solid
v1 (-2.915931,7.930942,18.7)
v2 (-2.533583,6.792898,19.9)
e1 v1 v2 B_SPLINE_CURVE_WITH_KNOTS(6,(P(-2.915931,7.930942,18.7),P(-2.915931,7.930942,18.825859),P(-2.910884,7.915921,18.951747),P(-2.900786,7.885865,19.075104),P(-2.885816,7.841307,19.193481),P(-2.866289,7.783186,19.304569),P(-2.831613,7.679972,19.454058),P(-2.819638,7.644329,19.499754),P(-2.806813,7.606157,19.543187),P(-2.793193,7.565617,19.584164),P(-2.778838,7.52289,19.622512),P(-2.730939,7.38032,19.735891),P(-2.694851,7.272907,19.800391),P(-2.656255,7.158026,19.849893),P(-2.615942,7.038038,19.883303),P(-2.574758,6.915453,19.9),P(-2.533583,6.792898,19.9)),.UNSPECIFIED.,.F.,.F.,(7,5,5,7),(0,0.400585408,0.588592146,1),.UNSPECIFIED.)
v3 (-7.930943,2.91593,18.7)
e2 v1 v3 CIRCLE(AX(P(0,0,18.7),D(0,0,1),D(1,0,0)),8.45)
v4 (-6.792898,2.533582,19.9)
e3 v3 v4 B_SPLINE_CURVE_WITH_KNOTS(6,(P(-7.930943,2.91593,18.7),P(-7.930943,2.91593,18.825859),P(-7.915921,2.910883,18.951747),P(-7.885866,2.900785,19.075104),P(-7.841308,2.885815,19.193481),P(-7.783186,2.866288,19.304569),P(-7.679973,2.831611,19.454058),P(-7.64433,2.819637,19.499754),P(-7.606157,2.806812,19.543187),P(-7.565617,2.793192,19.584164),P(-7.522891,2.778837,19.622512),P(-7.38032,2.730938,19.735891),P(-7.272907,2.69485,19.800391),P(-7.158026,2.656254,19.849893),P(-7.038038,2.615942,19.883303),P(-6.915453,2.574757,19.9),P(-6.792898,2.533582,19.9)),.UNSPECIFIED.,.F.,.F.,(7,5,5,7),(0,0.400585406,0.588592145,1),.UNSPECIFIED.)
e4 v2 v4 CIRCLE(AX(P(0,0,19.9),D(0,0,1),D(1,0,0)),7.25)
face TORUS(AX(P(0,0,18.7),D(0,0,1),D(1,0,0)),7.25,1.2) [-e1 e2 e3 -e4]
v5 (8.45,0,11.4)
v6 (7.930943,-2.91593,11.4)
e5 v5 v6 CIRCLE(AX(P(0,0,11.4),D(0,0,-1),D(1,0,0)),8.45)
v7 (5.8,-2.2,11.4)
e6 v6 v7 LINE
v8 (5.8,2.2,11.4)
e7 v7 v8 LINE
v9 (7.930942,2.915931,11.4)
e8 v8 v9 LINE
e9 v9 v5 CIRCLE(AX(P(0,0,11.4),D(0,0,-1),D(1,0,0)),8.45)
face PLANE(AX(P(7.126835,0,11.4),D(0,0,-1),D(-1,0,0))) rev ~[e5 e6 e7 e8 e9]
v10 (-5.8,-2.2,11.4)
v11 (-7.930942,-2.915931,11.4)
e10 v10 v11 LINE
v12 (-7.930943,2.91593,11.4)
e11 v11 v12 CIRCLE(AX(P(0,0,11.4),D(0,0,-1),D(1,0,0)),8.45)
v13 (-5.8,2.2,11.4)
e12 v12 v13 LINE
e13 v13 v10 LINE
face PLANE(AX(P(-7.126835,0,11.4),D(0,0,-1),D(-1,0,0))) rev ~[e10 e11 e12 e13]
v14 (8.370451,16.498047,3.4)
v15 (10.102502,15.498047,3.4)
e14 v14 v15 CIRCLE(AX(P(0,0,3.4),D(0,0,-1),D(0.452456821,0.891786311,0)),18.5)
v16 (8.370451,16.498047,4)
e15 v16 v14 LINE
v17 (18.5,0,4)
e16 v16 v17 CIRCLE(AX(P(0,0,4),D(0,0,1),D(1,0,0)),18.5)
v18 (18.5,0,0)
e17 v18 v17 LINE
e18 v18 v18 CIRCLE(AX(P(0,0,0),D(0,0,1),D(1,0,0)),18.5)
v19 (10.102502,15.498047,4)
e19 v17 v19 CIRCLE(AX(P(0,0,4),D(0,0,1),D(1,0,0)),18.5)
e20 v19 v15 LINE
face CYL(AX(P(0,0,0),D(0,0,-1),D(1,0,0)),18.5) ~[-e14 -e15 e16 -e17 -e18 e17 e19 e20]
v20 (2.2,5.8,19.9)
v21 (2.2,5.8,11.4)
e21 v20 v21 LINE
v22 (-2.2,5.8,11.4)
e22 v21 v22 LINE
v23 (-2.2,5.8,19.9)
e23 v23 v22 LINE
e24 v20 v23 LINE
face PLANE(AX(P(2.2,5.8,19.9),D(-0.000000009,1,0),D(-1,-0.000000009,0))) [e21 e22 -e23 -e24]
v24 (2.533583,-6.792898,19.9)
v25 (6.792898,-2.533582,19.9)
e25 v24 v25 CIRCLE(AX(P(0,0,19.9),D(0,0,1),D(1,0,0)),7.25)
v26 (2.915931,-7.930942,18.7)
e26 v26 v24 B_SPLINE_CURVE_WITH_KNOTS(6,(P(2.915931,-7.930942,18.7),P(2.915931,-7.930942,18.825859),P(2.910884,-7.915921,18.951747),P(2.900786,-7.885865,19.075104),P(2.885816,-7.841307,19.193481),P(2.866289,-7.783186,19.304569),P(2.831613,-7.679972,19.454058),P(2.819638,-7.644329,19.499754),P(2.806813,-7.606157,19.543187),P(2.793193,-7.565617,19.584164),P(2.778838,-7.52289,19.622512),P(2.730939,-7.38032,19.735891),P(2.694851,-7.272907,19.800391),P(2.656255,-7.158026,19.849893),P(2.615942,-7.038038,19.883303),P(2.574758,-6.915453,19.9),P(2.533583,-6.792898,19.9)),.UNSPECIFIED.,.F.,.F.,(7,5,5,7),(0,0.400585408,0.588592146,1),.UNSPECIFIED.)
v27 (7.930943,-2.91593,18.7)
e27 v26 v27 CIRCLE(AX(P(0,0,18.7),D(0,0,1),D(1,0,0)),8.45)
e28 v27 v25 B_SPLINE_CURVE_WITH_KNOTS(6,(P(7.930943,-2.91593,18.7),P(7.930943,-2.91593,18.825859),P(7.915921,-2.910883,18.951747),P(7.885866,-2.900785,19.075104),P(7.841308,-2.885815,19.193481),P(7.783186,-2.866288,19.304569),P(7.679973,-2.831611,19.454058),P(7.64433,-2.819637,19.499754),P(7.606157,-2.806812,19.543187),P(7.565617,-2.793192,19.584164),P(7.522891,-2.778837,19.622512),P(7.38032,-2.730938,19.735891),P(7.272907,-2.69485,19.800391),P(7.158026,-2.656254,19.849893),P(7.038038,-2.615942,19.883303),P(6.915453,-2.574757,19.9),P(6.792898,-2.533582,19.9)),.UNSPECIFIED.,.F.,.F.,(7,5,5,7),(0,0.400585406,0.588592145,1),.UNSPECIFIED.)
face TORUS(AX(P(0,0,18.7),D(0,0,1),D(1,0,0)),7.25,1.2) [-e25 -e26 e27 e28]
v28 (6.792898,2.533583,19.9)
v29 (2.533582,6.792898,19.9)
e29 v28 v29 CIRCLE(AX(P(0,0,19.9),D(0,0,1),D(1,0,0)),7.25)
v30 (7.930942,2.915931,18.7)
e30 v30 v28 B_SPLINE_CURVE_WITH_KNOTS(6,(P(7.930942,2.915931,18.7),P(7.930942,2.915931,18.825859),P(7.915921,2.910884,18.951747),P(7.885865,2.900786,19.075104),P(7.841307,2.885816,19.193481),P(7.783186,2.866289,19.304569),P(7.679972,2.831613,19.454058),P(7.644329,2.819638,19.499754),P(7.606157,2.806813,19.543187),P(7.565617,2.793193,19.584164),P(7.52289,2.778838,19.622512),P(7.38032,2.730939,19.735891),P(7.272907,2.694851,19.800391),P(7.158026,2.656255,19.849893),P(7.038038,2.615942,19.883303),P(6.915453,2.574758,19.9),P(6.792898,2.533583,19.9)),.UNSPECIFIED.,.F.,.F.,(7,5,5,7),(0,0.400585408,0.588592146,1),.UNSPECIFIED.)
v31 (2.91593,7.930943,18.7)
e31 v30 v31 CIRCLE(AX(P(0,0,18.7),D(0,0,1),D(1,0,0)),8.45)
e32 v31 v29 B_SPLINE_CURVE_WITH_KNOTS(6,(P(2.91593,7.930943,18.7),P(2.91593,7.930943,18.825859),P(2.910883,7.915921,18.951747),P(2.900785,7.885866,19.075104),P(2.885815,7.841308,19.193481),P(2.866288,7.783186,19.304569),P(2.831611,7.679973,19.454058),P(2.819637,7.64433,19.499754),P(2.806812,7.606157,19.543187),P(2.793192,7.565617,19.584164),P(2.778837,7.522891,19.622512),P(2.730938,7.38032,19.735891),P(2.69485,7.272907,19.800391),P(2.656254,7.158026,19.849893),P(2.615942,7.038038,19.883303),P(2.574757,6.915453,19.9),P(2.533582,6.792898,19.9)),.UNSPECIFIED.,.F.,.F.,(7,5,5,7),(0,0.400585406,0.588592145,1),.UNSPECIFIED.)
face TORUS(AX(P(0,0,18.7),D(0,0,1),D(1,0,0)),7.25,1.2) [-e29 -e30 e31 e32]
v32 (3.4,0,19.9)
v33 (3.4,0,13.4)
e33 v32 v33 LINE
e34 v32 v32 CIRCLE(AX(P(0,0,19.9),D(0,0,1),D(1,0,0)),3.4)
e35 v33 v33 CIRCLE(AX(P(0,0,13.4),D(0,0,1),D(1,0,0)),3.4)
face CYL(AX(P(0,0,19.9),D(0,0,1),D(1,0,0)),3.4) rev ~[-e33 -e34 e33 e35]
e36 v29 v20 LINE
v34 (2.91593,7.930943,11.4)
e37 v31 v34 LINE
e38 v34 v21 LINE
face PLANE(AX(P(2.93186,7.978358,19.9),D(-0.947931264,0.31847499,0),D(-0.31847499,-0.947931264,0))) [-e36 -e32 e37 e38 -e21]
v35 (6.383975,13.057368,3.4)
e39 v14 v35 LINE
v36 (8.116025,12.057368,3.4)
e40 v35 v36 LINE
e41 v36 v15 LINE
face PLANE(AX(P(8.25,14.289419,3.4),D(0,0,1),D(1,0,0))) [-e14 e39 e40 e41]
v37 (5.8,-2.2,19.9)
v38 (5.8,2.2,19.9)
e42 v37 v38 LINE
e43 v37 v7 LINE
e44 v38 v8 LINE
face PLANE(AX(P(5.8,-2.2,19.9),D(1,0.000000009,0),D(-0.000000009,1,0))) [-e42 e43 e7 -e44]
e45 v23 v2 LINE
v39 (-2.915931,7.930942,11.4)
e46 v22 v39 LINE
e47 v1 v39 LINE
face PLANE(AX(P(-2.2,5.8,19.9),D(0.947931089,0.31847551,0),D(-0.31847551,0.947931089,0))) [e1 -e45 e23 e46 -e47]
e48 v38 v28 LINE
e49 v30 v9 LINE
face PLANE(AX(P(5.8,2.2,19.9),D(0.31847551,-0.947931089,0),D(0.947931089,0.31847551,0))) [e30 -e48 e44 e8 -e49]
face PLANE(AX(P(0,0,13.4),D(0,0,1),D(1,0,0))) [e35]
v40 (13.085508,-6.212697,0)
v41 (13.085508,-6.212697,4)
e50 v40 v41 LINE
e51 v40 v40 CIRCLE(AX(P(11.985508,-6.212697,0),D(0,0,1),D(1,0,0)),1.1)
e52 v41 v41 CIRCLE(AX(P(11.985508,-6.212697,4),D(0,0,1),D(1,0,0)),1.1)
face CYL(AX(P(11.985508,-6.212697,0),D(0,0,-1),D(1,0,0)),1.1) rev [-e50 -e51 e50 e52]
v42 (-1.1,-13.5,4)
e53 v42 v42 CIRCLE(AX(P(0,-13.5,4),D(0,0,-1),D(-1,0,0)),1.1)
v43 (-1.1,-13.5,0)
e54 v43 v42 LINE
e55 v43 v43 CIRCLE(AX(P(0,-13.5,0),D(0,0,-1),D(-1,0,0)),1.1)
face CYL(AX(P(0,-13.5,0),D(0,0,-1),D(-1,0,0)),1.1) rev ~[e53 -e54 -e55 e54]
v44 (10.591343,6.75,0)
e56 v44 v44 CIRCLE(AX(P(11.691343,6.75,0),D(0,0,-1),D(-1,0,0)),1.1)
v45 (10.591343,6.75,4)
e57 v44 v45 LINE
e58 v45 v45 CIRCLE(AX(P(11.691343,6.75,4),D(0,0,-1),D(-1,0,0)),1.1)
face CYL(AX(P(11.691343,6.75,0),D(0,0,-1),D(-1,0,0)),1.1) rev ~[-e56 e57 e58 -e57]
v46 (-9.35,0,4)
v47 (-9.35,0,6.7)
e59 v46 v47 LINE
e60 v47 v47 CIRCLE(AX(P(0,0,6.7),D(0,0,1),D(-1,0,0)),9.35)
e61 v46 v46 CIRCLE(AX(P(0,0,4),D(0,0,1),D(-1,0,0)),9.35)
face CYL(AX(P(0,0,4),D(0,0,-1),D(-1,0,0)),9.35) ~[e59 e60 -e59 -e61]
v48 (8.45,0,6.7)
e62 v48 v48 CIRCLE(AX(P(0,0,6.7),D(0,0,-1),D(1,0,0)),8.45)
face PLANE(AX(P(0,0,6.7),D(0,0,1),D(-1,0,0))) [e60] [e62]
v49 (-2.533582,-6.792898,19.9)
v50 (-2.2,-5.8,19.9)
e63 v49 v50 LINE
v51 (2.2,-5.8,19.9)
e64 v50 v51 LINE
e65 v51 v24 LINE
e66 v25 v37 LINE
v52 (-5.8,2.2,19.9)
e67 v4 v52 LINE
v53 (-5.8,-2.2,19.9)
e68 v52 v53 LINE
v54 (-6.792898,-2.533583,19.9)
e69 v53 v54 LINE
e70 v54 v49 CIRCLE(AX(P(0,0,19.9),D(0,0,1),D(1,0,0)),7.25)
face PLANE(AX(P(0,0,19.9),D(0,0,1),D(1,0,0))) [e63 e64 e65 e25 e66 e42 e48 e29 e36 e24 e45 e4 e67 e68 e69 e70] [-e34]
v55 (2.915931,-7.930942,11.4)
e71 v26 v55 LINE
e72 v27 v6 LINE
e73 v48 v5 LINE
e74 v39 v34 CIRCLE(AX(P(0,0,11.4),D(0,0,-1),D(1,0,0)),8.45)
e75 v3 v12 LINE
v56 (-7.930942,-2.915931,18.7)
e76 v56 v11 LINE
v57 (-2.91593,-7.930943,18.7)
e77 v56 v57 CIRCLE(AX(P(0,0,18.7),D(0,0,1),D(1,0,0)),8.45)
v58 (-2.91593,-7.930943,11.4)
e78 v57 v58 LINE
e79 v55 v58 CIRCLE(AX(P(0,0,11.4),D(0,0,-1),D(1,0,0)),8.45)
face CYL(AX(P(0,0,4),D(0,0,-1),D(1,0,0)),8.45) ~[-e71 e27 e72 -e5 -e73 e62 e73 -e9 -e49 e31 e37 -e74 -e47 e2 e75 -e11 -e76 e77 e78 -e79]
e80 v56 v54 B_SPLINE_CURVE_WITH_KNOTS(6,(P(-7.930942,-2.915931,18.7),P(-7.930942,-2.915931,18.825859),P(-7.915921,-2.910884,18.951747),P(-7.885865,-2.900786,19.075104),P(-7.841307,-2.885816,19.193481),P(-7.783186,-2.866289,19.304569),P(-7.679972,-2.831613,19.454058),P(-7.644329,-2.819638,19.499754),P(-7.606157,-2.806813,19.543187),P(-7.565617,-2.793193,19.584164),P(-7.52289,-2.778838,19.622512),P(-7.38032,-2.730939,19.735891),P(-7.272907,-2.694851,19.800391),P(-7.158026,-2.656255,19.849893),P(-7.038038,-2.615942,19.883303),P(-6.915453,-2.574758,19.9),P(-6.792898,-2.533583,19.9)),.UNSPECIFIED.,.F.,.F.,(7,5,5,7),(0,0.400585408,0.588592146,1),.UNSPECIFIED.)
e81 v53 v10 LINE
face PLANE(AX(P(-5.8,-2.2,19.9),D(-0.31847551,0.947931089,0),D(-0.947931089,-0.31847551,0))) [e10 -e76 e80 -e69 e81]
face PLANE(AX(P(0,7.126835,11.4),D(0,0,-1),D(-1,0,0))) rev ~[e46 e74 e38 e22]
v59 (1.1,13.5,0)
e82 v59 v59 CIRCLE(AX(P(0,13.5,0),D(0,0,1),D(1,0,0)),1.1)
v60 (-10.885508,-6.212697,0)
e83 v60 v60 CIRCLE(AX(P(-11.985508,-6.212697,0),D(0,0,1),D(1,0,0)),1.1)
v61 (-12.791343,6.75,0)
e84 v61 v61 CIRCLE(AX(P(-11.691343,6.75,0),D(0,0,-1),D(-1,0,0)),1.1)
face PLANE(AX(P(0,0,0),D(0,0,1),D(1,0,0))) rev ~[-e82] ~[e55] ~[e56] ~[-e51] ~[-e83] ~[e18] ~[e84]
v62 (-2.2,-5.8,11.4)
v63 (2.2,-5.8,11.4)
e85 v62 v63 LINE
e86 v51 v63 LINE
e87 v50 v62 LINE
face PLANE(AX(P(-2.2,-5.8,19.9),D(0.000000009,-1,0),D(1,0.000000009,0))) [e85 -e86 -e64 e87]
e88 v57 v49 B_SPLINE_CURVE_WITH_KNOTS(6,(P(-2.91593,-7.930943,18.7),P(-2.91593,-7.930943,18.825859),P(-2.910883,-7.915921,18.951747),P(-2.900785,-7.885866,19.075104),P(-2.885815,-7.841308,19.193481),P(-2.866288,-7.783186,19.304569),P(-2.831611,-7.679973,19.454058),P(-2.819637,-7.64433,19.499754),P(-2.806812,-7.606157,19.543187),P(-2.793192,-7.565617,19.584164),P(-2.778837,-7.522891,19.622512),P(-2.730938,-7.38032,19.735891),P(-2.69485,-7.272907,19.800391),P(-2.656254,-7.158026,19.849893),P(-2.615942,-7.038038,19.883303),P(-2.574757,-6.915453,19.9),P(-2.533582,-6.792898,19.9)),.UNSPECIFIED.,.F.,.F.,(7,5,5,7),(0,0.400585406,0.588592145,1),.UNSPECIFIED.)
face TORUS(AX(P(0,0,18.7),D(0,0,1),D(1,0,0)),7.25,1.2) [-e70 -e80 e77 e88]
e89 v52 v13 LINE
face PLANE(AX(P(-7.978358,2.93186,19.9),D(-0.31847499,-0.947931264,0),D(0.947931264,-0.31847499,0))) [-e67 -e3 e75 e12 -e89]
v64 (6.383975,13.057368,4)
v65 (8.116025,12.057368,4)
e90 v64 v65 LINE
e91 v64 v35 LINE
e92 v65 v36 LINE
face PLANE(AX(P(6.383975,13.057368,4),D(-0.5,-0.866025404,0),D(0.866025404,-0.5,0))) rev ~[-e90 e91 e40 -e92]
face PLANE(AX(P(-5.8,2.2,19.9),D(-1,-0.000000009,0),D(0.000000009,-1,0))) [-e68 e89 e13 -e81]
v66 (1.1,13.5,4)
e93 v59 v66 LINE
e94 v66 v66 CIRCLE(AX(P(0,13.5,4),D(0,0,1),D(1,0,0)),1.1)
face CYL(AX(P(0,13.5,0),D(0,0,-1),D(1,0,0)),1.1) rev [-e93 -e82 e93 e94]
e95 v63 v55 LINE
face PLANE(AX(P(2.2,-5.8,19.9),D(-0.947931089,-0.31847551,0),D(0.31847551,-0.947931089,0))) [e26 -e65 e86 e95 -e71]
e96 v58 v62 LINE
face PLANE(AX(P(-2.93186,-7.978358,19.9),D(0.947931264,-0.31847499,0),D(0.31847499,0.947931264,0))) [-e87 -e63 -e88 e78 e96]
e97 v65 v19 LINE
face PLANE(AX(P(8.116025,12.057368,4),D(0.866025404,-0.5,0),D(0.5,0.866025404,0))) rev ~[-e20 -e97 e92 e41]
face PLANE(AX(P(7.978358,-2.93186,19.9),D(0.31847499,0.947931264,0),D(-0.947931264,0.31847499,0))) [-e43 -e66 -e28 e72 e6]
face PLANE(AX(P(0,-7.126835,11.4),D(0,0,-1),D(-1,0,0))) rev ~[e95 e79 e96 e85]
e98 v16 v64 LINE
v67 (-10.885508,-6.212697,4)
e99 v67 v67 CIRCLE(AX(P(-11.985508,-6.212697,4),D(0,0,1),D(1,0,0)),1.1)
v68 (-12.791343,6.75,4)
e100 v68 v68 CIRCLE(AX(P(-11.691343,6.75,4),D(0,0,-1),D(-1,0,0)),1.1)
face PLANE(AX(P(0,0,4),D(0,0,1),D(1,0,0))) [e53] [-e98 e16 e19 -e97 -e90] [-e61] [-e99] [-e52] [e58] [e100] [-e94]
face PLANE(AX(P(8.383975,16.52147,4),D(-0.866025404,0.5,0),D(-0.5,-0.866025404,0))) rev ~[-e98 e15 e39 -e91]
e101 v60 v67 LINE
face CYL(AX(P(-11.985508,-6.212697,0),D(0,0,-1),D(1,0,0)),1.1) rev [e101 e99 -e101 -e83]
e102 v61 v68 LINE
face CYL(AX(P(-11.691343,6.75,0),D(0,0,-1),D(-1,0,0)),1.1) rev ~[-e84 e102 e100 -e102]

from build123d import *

# Parameters (mm, degrees)
SKETCH_1_R          = 18.5
SKETCH_1_R_2        = 1.1
EXTRUDE_1_DEPTH     = 4
SKETCH_3_R          = 8.45
EXTRUDE_3_DEPTH     = 15.9
FILLET_1_R          = 1.2
CUT_EXTRUDE_1_DEPTH = 8.5
SKETCH_5_R          = 9.35
EXTRUDE_4_DEPTH     = 2.7
SKETCH_6_R          = 1.1
CUT_EXTRUDE_2_DEPTH = 33.871111998
SKETCH_7_R          = 3.4
CUT_EXTRUDE_3_DEPTH = 6.5
CUT_EXTRUDE_START   = 4
CUT_EXTRUDE_5_DEPTH = 0.6


with BuildPart() as part:
    # Эскиз1 → Бобышка-Вытянуть1 (new body)
    with BuildSketch(Plane.XY):
        Circle(SKETCH_1_R)
        with Locations((0, 13.5)):
            Circle(SKETCH_1_R_2, mode=Mode.SUBTRACT)
        with Locations((-11.985507699, -6.212697095)):
            Circle(SKETCH_1_R_2, mode=Mode.SUBTRACT)
        with Locations((11.985507699, -6.212697095)):
            Circle(SKETCH_1_R_2, mode=Mode.SUBTRACT)
    extrude(amount=EXTRUDE_1_DEPTH)

    # Эскиз3 → Бобышка-Вытянуть3 (add)
    with BuildSketch(Plane.XY.offset(4)):
        Circle(SKETCH_3_R)
    extrude(amount=EXTRUDE_3_DEPTH)

    # Скругление1
    fillet_1_edges = [part.edges().sort_by_distance(p)[0] for p in [
        (-8.45, 0, 19.9),
    ]]
    fillet(fillet_1_edges, radius=FILLET_1_R)

    # Эскиз4 → Вырез-Вытянуть1 (cut)
    with BuildSketch(Plane.XY.offset(19.9)):
        with BuildLine():
            Line((-2.2, 5.799999981), (-2.931860794, 7.978357743))
            ThreePointArc((-2.931860794, 7.978357743), (-6.37e-07, 8.5), (2.931859599, 7.978358183))
            Line((2.931859599, 7.978358183), (2.2, 5.800000019))
            Line((2.2, 5.800000019), (-2.2, 5.799999981))
        make_face()
        with BuildLine():
            Line((5.799999981, 2.2), (7.978357743, 2.931860794))
            ThreePointArc((7.978357743, 2.931860794), (8.5, 6.37e-07), (7.978358183, -2.931859599))
            Line((7.978358183, -2.931859599), (5.800000019, -2.2))
            Line((5.800000019, -2.2), (5.799999981, 2.2))
        make_face()
        with BuildLine():
            Line((2.2, -5.799999981), (2.931860794, -7.978357743))
            ThreePointArc((2.931860794, -7.978357743), (6.37e-07, -8.5), (-2.931859599, -7.978358183))
            Line((-2.931859599, -7.978358183), (-2.2, -5.800000019))
            Line((-2.2, -5.800000019), (2.2, -5.799999981))
        make_face()
        with BuildLine():
            Line((-5.799999981, -2.2), (-7.978357743, -2.931860794))
            ThreePointArc((-7.978357743, -2.931860794), (-8.5, -6.37e-07), (-7.978358183, 2.931859599))
            Line((-7.978358183, 2.931859599), (-5.800000019, 2.2))
            Line((-5.800000019, 2.2), (-5.799999981, -2.2))
        make_face()
    extrude(amount=-CUT_EXTRUDE_1_DEPTH, mode=Mode.SUBTRACT)

    # Эскиз5 → Бобышка-Вытянуть4 (add)
    with BuildSketch(Plane.XY.offset(4)):
        with Locations(Location((0, 0, 0), (0, 0, 180))):
            Circle(SKETCH_5_R)
    extrude(amount=EXTRUDE_4_DEPTH)

    # Эскиз6 → Вырез-Вытянуть2 (cut, through all)
    with BuildSketch(Plane(origin=(0, 0, 0), x_dir=(-1, 0, 0), z_dir=(0, 0, -1))):
        with Locations((-11.691342951, 6.75)):
            Circle(SKETCH_6_R)
        with Locations((11.691342951, 6.75)):
            Circle(SKETCH_6_R)
        with Locations((0, -13.5)):
            Circle(SKETCH_6_R)
    extrude(amount=-CUT_EXTRUDE_2_DEPTH, mode=Mode.SUBTRACT)

    # Эскиз7 → Вырез-Вытянуть3 (cut)
    with BuildSketch(Plane.XY.offset(19.9)):
        Circle(SKETCH_7_R)
    extrude(amount=-CUT_EXTRUDE_3_DEPTH, mode=Mode.SUBTRACT)

    # Эскиз8 → Вырез-Вытянуть5 (cut)
    with BuildSketch(Plane.XY.offset(CUT_EXTRUDE_START)):
        Polygon((8.116025404, 12.057368355), (10.116025404, 15.52146997), (8.383974596, 16.52146997), (6.383974596, 13.057368355), align=None)
    extrude(amount=-CUT_EXTRUDE_5_DEPTH, mode=Mode.SUBTRACT)


solid = part.part
